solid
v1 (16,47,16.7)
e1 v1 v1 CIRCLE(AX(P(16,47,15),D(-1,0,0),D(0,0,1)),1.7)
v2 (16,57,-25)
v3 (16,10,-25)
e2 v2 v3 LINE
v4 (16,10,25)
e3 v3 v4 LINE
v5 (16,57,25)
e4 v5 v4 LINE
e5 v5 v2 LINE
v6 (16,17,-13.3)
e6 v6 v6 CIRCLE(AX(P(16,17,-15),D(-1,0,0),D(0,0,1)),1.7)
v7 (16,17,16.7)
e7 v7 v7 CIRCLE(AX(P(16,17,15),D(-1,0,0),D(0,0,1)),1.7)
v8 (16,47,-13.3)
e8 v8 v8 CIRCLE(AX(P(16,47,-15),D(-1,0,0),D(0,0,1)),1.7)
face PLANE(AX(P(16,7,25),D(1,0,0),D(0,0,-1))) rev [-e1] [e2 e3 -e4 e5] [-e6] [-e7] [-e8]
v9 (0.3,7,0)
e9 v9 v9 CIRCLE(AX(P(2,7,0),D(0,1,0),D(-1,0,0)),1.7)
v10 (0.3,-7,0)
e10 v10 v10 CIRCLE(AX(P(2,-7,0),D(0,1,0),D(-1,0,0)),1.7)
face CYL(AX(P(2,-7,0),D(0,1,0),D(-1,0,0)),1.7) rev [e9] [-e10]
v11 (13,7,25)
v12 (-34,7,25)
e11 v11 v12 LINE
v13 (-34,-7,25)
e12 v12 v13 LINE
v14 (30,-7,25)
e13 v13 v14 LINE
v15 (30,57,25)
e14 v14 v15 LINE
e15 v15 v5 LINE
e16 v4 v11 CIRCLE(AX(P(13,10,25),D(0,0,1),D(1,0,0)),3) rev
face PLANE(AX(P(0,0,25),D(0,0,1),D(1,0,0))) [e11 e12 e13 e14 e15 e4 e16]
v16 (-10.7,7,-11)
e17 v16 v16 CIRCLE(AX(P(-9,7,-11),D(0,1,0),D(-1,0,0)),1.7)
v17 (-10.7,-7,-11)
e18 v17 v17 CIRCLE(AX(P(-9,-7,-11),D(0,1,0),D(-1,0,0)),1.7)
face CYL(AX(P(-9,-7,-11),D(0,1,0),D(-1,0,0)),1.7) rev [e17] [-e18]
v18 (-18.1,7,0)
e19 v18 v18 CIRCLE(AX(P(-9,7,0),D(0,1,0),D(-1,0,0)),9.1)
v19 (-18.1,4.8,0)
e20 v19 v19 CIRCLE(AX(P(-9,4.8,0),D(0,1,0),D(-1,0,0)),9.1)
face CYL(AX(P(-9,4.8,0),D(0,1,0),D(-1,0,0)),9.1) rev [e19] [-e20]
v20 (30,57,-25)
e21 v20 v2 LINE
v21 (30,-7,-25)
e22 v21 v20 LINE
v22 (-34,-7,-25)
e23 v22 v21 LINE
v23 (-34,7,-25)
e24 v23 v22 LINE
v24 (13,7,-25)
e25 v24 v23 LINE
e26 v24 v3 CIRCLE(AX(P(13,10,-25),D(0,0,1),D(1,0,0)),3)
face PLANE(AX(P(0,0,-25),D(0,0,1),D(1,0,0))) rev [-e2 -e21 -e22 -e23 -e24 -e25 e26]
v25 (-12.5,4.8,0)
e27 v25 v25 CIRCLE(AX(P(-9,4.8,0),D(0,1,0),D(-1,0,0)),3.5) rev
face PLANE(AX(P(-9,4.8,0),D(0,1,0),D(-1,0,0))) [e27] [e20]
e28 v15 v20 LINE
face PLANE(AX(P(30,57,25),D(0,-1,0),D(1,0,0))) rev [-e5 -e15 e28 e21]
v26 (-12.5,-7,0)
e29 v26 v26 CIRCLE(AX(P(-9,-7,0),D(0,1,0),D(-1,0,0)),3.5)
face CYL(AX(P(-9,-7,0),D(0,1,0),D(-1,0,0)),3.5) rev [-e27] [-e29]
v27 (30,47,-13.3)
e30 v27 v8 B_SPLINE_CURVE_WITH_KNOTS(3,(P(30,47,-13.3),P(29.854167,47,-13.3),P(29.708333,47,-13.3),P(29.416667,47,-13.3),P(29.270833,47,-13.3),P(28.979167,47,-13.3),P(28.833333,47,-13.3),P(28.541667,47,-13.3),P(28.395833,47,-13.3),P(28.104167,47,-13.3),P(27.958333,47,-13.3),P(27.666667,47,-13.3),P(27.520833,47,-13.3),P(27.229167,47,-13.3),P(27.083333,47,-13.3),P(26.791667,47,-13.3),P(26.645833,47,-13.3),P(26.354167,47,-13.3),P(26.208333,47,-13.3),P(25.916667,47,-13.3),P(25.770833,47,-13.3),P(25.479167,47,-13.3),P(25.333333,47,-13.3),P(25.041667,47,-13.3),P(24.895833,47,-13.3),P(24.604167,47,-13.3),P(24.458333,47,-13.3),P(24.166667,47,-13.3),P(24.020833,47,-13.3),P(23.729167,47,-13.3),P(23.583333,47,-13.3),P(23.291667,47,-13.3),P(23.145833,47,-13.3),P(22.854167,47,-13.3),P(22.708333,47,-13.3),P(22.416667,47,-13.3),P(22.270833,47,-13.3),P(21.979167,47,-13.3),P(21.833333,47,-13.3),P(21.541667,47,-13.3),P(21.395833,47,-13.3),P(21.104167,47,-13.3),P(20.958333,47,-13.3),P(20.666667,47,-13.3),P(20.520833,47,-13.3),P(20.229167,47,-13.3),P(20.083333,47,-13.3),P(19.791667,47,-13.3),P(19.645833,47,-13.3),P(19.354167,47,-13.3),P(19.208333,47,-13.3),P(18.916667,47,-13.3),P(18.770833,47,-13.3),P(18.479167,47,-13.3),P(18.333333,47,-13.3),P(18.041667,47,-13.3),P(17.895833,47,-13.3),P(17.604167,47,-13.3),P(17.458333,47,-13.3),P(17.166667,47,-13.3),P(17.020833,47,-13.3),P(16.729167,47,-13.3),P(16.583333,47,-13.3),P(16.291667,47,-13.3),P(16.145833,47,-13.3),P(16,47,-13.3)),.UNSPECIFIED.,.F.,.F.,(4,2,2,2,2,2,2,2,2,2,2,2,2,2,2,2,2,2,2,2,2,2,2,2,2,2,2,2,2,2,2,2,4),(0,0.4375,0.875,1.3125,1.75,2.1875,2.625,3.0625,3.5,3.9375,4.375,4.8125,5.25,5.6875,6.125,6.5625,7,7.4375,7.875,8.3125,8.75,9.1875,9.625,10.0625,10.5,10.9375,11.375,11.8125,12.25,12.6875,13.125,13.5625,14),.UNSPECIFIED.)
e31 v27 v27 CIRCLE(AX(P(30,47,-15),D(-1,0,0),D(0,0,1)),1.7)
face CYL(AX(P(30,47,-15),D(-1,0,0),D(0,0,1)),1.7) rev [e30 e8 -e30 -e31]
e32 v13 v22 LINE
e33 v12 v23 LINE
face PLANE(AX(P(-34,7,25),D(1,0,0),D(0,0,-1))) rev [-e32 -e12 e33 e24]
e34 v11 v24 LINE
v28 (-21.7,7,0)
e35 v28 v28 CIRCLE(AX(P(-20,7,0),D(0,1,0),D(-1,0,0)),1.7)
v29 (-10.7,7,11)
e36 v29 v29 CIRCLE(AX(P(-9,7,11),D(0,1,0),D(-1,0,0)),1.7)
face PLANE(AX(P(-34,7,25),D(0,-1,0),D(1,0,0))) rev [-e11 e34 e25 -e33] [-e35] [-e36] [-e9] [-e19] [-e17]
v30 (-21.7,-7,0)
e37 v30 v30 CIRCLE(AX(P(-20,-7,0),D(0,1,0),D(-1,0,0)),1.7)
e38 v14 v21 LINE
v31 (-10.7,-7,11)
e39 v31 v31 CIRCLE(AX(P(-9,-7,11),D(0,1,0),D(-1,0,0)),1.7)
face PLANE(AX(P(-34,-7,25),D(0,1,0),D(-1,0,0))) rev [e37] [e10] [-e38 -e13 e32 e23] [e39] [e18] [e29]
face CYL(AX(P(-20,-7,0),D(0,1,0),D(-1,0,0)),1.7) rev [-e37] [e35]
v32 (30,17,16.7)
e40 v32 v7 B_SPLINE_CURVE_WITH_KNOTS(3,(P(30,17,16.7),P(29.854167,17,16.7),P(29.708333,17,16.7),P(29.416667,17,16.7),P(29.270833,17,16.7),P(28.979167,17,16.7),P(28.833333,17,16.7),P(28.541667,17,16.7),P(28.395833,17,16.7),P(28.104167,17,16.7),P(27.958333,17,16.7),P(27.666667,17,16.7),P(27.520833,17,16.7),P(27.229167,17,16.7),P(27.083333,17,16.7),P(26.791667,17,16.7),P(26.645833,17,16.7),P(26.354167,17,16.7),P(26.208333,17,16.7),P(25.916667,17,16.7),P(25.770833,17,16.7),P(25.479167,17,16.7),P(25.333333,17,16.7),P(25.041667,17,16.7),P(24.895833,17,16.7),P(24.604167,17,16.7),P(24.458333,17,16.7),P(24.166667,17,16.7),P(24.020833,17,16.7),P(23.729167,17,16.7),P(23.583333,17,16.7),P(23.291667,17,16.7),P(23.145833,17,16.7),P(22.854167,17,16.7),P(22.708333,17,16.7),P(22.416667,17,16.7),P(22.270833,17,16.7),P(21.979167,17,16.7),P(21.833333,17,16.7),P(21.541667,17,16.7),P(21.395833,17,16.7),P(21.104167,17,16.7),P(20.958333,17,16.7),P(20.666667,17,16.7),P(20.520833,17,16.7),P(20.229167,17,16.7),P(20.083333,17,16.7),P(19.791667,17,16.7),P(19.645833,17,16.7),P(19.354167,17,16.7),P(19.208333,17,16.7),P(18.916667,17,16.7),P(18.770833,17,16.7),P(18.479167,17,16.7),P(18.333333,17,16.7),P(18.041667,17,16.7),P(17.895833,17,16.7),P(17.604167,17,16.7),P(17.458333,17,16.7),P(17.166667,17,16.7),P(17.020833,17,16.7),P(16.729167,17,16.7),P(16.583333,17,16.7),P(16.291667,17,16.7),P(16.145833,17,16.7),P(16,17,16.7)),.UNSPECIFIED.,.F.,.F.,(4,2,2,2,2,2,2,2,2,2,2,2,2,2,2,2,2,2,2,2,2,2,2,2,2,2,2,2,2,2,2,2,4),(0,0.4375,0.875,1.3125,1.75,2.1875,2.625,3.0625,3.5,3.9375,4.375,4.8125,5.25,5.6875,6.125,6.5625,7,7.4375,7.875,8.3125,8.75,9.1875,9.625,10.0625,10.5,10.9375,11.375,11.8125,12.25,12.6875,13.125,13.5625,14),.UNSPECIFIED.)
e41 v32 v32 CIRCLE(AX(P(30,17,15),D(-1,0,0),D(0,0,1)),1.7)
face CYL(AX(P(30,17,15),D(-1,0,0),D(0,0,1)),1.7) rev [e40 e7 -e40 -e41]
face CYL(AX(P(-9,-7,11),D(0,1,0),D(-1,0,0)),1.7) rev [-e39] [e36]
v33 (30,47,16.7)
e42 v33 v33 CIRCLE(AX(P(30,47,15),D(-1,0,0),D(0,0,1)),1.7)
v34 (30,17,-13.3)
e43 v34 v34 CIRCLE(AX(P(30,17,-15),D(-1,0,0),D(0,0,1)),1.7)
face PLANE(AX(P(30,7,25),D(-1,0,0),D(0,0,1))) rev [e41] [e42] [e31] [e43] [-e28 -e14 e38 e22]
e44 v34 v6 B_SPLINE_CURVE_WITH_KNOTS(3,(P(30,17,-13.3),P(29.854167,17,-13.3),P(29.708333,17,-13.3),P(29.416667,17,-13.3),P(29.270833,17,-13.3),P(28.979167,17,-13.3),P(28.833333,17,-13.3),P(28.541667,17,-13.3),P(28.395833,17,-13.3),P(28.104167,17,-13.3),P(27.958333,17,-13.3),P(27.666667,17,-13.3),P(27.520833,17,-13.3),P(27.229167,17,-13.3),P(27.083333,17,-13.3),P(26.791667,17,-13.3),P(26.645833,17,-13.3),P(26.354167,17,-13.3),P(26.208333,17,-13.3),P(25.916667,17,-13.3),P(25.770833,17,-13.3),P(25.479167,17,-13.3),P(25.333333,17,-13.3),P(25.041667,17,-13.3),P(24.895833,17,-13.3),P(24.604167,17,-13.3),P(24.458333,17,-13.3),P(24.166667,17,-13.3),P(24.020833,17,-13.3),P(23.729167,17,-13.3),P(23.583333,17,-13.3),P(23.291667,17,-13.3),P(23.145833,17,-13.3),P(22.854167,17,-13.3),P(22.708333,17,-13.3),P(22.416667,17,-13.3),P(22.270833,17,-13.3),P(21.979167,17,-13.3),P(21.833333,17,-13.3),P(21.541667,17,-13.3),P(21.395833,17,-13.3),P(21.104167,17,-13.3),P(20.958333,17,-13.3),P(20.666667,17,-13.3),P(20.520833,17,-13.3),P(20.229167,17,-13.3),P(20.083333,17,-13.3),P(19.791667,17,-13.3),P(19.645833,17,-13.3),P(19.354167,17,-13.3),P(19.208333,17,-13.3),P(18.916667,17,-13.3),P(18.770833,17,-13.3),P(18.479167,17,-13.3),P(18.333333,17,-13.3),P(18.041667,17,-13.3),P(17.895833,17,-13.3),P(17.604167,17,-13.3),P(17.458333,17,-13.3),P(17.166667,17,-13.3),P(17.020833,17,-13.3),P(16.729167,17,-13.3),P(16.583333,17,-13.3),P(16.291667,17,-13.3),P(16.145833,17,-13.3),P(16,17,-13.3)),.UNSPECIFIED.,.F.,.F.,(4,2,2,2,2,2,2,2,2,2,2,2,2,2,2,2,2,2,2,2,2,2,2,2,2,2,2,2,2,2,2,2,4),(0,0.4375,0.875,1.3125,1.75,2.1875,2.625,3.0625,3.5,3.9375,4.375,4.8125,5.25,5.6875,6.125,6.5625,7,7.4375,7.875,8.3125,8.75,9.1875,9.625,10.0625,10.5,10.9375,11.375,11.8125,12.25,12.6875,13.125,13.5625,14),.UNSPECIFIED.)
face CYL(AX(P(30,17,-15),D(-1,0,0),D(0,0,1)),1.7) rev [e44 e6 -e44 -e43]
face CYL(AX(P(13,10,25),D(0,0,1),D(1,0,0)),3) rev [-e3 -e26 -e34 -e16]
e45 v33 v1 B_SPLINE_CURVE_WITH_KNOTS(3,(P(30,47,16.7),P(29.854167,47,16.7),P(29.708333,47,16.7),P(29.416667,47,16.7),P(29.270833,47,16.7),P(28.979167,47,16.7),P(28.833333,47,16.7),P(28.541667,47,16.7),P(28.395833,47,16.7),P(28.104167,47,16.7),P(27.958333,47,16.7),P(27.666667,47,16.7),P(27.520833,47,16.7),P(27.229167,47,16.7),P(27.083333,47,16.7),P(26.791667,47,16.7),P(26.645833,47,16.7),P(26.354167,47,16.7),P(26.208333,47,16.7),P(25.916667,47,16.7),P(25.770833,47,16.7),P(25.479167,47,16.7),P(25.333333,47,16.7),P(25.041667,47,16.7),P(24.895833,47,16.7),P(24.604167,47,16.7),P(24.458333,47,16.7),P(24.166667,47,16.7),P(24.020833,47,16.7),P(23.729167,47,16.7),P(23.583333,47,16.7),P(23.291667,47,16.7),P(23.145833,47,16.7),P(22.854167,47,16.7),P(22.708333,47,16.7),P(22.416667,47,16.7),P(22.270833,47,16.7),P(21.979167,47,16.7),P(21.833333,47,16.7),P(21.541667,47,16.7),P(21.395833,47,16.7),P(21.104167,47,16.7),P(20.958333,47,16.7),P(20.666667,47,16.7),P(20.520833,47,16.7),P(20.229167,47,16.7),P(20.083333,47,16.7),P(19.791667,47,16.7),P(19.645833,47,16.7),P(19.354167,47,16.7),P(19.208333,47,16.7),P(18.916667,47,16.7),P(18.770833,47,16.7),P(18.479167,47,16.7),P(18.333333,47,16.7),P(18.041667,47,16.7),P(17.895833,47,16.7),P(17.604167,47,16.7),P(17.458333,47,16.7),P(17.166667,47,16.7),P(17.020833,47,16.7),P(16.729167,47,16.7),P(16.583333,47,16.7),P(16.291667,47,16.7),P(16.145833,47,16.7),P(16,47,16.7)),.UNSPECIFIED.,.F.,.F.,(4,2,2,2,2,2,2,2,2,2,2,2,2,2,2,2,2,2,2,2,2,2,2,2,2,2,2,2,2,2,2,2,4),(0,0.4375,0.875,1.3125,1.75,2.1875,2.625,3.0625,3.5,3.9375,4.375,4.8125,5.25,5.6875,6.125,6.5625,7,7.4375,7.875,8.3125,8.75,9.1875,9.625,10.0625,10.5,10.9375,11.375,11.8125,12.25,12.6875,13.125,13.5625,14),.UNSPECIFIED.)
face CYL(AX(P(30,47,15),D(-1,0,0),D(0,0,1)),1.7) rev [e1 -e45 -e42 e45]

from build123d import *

# Parameters (mm, degrees)
BOSS_EXTRUDE1_DEPTH = 25
SKETCH3_R           = 3.5
CUT_EXTRUDE1_DEPTH  = 66.429351212
SKETCH4_R           = 1.7
CUT_EXTRUDE2_DEPTH  = 66.429351212
SKETCH5_R           = 1.7
CUT_EXTRUDE3_DEPTH  = 80.837334625
SKETCH6_R           = 9.1
CUT_EXTRUDE4_DEPTH  = 2.2
FILLET1_R           = 3


with BuildPart() as part:
    # Sketch2 → Boss-Extrude1 (new, symmetric)
    with BuildSketch(Plane.XY):
        Polygon((-34, 7), (16, 7), (16, 57), (30, 57), (30, 7), (30, -7), (-34, -7), align=None)
    extrude(amount=BOSS_EXTRUDE1_DEPTH, both=True)

    # Sketch3 → Cut-Extrude1 (cut, through all)
    with BuildSketch(Plane(origin=(0, 7, 0), x_dir=(1, 0, 0), z_dir=(0, 1, 0))):
        with Locations(Location((-9, 0, 0), (0, 0, 180))):
            Circle(SKETCH3_R)
    extrude(amount=-CUT_EXTRUDE1_DEPTH, mode=Mode.SUBTRACT)

    # Sketch4 → Cut-Extrude2 (cut, through all)
    with BuildSketch(Plane(origin=(0, 7, 0), x_dir=(1, 0, 0), z_dir=(0, 1, 0))):
        with Locations(Location((-9, 11, 0), (0, 0, 180))):
            Circle(SKETCH4_R)
        with Locations(Location((-20, 0, 0), (0, 0, 180))):
            Circle(SKETCH4_R)
        with Locations(Location((-9, -11, 0), (0, 0, 180))):
            Circle(SKETCH4_R)
        with Locations(Location((2, 0, 0), (0, 0, 180))):
            Circle(SKETCH4_R)
    extrude(amount=-CUT_EXTRUDE2_DEPTH, mode=Mode.SUBTRACT)

    # Sketch5 → Cut-Extrude3 (cut, through all)
    with BuildSketch(Plane.ZY.offset(-16)):
        with Locations((-15, 47)):
            Circle(SKETCH5_R)
        with Locations((-15, 17)):
            Circle(SKETCH5_R)
        with Locations((15, 17)):
            Circle(SKETCH5_R)
        with Locations((15, 47)):
            Circle(SKETCH5_R)
    extrude(amount=-CUT_EXTRUDE3_DEPTH, mode=Mode.SUBTRACT)

    # Sketch6 → Cut-Extrude4 (cut)
    with BuildSketch(Plane(origin=(0, 7, 0), x_dir=(1, 0, 0), z_dir=(0, 1, 0))):
        with Locations(Location((-9, 0, 0), (0, 0, 180))):
            Circle(SKETCH6_R)
    extrude(amount=-CUT_EXTRUDE4_DEPTH, mode=Mode.SUBTRACT)

    # Fillet1
    fillet1_edges = [part.edges().sort_by_distance(p)[0] for p in [
        (16, 7, 0),
    ]]
    fillet(fillet1_edges, radius=FILLET1_R)


solid = part.part
